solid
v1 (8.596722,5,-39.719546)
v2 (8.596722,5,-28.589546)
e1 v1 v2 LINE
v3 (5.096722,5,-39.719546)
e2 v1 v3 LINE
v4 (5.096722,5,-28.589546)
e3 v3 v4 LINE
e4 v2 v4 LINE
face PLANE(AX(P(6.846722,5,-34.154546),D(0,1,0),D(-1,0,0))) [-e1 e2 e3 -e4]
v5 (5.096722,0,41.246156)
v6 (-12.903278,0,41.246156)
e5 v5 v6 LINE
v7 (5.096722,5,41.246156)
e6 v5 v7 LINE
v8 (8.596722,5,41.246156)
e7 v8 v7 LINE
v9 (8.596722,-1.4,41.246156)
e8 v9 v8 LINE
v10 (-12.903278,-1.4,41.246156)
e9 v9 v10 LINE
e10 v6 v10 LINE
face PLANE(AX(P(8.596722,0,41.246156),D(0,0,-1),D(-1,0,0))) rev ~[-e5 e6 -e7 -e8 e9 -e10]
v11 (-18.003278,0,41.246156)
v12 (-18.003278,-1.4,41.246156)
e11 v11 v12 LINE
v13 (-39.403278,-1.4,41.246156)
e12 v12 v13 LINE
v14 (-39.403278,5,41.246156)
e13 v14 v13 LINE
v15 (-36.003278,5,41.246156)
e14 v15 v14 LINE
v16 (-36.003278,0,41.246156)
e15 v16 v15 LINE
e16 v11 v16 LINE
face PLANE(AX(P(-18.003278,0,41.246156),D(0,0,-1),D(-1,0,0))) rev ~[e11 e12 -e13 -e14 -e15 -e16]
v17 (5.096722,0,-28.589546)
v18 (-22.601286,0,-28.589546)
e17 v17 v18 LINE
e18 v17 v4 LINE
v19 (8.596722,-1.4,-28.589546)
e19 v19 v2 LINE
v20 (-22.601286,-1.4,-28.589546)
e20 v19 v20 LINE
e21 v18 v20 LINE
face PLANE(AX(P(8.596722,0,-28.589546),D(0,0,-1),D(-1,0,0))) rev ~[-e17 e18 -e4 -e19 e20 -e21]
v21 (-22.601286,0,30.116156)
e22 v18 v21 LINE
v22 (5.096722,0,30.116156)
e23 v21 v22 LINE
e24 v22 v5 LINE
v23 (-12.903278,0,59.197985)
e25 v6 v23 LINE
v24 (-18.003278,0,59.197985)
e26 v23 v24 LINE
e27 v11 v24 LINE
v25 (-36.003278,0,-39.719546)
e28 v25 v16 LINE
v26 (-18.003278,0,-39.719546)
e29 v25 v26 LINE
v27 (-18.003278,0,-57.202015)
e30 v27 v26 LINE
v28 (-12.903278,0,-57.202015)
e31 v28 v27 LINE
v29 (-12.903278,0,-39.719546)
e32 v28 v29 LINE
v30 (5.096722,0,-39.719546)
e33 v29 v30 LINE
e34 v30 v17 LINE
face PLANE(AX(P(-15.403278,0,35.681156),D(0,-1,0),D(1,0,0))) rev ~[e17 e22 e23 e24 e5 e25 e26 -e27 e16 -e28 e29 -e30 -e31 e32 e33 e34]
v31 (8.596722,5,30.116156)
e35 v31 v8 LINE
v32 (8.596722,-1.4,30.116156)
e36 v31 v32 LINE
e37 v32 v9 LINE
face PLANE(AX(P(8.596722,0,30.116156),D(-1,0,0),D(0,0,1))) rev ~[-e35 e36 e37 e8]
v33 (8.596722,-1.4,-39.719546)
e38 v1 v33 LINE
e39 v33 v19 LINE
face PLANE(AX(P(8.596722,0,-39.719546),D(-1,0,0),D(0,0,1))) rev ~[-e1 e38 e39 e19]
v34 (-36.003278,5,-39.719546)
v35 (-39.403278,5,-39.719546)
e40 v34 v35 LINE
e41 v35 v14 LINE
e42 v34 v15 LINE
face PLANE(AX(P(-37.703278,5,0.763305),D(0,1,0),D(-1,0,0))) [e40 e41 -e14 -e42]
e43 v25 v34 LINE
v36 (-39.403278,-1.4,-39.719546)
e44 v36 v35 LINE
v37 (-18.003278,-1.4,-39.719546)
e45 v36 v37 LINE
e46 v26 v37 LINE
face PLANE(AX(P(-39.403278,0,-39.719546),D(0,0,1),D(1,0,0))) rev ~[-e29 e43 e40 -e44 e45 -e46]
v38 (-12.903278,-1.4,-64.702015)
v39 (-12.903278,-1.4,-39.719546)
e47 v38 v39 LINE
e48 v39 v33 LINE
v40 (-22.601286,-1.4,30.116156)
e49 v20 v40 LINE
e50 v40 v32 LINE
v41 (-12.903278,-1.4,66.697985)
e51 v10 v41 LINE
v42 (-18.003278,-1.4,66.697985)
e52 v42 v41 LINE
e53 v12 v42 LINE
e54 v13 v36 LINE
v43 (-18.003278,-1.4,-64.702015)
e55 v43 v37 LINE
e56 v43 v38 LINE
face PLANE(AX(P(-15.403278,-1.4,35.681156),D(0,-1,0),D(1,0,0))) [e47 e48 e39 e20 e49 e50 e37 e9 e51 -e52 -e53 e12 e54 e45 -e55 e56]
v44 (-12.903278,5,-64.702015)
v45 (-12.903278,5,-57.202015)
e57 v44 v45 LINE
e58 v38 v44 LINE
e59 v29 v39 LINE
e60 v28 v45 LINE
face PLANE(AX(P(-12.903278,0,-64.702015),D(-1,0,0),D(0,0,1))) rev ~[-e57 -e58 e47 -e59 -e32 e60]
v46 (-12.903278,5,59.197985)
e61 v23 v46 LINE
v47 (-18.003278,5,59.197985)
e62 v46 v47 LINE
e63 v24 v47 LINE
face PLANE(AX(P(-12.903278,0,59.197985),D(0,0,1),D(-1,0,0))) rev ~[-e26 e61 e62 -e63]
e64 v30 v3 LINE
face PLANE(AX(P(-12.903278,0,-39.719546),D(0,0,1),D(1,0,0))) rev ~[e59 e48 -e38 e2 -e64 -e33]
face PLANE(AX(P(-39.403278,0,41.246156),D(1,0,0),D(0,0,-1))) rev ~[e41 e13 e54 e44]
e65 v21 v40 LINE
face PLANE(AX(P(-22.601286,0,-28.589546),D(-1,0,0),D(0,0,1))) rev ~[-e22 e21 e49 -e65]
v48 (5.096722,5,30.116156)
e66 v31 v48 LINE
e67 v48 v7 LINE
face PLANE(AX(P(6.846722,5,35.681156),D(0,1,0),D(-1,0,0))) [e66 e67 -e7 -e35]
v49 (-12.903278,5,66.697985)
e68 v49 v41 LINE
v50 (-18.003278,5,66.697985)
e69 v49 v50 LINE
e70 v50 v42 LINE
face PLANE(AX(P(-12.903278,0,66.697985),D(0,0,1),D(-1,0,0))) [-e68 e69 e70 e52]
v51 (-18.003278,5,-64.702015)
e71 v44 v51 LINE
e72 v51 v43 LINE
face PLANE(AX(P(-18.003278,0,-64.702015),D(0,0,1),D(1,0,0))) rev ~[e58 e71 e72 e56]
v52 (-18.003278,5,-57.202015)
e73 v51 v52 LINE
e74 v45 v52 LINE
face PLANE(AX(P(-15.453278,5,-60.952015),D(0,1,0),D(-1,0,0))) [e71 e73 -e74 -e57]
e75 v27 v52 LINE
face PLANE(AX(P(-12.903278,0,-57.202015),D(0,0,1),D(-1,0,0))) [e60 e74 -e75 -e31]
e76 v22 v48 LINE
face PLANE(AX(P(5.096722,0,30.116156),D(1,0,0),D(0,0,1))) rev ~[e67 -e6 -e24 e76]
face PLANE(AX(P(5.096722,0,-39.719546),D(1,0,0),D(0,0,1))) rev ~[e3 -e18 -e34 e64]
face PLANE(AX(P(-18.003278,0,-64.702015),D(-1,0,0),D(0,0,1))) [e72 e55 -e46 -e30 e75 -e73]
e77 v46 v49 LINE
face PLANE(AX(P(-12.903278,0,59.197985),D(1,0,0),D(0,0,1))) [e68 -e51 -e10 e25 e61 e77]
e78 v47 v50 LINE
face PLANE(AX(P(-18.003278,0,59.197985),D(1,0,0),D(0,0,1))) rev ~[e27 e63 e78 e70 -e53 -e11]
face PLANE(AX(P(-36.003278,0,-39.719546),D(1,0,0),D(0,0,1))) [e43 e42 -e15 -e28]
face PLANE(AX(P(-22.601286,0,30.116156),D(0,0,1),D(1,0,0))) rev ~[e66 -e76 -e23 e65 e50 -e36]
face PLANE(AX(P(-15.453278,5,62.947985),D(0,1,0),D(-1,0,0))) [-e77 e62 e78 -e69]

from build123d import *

# Parameters (mm, degrees)
F1_W     = 5.1
F1_H     = 25.4518292156
F1_W_2   = 16.8019917254
F1_H_2   = 58.7057016664
F1_H_3   = 24.982469118
F2_DEPTH = 1.4
F3_W     = 5.1
F3_H     = 7.5
F3_W_2   = 3.5
F3_H_2   = 11.13
F3_W_3   = 3.4
F3_H_3   = 80.9657016664
F4_DEPTH = 5


with BuildPart() as f2:
    # F1 (on Front) → F2 (new body)
    with BuildSketch(Plane.XZ):
        Polygon((-18.0032776748, 41.2461555663), (-39.4032776748, 41.2461555663), (-39.4032776748, 30.1161555663), (-22.6012859493, 30.1161555663), (8.5967223252, 30.1161555663), (8.5967223252, 41.2461555663), (-12.9032776748, 41.2461555663), align=None)
        with Locations((-15.4532776748, 53.9720701741)):
            Rectangle(F1_W, F1_H)
        with Locations((-31.0022818121, 0.7633047331)):
            Rectangle(F1_W_2, F1_H_2)
        Polygon((-22.6012859493, -28.5895461001), (-39.4032776748, -28.5895461001), (-39.4032776748, -39.7195461001), (-18.0032776748, -39.7195461001), (-12.9032776748, -39.7195461001), (8.5967223252, -39.7195461001), (8.5967223252, -28.5895461001), align=None)
        with Locations((-15.4532776748, -52.2107806591)):
            Rectangle(F1_W, F1_H_3)
    extrude(amount=F2_DEPTH)

    # F3 (on face) → F4 (join)
    with BuildSketch(Plane(origin=(0, 0, 0), x_dir=(-1, 0, 0), z_dir=(0, 1, 0))):
        with Locations((15.4532776748, 62.9479847819)):
            Rectangle(F3_W, F3_H)
        with Locations((-6.8467223252, 35.6811555663)):
            Rectangle(F3_W_2, F3_H_2)
        with Locations((37.7032776748, 0.7633047331)):
            Rectangle(F3_W_3, F3_H_3)
        with Locations((-6.8467223252, -34.1545461001)):
            Rectangle(F3_W_2, F3_H_2)
        with Locations((15.4532776748, -60.9520152181)):
            Rectangle(F3_W, F3_H)
    extrude(amount=F4_DEPTH)


solid = f2.part
